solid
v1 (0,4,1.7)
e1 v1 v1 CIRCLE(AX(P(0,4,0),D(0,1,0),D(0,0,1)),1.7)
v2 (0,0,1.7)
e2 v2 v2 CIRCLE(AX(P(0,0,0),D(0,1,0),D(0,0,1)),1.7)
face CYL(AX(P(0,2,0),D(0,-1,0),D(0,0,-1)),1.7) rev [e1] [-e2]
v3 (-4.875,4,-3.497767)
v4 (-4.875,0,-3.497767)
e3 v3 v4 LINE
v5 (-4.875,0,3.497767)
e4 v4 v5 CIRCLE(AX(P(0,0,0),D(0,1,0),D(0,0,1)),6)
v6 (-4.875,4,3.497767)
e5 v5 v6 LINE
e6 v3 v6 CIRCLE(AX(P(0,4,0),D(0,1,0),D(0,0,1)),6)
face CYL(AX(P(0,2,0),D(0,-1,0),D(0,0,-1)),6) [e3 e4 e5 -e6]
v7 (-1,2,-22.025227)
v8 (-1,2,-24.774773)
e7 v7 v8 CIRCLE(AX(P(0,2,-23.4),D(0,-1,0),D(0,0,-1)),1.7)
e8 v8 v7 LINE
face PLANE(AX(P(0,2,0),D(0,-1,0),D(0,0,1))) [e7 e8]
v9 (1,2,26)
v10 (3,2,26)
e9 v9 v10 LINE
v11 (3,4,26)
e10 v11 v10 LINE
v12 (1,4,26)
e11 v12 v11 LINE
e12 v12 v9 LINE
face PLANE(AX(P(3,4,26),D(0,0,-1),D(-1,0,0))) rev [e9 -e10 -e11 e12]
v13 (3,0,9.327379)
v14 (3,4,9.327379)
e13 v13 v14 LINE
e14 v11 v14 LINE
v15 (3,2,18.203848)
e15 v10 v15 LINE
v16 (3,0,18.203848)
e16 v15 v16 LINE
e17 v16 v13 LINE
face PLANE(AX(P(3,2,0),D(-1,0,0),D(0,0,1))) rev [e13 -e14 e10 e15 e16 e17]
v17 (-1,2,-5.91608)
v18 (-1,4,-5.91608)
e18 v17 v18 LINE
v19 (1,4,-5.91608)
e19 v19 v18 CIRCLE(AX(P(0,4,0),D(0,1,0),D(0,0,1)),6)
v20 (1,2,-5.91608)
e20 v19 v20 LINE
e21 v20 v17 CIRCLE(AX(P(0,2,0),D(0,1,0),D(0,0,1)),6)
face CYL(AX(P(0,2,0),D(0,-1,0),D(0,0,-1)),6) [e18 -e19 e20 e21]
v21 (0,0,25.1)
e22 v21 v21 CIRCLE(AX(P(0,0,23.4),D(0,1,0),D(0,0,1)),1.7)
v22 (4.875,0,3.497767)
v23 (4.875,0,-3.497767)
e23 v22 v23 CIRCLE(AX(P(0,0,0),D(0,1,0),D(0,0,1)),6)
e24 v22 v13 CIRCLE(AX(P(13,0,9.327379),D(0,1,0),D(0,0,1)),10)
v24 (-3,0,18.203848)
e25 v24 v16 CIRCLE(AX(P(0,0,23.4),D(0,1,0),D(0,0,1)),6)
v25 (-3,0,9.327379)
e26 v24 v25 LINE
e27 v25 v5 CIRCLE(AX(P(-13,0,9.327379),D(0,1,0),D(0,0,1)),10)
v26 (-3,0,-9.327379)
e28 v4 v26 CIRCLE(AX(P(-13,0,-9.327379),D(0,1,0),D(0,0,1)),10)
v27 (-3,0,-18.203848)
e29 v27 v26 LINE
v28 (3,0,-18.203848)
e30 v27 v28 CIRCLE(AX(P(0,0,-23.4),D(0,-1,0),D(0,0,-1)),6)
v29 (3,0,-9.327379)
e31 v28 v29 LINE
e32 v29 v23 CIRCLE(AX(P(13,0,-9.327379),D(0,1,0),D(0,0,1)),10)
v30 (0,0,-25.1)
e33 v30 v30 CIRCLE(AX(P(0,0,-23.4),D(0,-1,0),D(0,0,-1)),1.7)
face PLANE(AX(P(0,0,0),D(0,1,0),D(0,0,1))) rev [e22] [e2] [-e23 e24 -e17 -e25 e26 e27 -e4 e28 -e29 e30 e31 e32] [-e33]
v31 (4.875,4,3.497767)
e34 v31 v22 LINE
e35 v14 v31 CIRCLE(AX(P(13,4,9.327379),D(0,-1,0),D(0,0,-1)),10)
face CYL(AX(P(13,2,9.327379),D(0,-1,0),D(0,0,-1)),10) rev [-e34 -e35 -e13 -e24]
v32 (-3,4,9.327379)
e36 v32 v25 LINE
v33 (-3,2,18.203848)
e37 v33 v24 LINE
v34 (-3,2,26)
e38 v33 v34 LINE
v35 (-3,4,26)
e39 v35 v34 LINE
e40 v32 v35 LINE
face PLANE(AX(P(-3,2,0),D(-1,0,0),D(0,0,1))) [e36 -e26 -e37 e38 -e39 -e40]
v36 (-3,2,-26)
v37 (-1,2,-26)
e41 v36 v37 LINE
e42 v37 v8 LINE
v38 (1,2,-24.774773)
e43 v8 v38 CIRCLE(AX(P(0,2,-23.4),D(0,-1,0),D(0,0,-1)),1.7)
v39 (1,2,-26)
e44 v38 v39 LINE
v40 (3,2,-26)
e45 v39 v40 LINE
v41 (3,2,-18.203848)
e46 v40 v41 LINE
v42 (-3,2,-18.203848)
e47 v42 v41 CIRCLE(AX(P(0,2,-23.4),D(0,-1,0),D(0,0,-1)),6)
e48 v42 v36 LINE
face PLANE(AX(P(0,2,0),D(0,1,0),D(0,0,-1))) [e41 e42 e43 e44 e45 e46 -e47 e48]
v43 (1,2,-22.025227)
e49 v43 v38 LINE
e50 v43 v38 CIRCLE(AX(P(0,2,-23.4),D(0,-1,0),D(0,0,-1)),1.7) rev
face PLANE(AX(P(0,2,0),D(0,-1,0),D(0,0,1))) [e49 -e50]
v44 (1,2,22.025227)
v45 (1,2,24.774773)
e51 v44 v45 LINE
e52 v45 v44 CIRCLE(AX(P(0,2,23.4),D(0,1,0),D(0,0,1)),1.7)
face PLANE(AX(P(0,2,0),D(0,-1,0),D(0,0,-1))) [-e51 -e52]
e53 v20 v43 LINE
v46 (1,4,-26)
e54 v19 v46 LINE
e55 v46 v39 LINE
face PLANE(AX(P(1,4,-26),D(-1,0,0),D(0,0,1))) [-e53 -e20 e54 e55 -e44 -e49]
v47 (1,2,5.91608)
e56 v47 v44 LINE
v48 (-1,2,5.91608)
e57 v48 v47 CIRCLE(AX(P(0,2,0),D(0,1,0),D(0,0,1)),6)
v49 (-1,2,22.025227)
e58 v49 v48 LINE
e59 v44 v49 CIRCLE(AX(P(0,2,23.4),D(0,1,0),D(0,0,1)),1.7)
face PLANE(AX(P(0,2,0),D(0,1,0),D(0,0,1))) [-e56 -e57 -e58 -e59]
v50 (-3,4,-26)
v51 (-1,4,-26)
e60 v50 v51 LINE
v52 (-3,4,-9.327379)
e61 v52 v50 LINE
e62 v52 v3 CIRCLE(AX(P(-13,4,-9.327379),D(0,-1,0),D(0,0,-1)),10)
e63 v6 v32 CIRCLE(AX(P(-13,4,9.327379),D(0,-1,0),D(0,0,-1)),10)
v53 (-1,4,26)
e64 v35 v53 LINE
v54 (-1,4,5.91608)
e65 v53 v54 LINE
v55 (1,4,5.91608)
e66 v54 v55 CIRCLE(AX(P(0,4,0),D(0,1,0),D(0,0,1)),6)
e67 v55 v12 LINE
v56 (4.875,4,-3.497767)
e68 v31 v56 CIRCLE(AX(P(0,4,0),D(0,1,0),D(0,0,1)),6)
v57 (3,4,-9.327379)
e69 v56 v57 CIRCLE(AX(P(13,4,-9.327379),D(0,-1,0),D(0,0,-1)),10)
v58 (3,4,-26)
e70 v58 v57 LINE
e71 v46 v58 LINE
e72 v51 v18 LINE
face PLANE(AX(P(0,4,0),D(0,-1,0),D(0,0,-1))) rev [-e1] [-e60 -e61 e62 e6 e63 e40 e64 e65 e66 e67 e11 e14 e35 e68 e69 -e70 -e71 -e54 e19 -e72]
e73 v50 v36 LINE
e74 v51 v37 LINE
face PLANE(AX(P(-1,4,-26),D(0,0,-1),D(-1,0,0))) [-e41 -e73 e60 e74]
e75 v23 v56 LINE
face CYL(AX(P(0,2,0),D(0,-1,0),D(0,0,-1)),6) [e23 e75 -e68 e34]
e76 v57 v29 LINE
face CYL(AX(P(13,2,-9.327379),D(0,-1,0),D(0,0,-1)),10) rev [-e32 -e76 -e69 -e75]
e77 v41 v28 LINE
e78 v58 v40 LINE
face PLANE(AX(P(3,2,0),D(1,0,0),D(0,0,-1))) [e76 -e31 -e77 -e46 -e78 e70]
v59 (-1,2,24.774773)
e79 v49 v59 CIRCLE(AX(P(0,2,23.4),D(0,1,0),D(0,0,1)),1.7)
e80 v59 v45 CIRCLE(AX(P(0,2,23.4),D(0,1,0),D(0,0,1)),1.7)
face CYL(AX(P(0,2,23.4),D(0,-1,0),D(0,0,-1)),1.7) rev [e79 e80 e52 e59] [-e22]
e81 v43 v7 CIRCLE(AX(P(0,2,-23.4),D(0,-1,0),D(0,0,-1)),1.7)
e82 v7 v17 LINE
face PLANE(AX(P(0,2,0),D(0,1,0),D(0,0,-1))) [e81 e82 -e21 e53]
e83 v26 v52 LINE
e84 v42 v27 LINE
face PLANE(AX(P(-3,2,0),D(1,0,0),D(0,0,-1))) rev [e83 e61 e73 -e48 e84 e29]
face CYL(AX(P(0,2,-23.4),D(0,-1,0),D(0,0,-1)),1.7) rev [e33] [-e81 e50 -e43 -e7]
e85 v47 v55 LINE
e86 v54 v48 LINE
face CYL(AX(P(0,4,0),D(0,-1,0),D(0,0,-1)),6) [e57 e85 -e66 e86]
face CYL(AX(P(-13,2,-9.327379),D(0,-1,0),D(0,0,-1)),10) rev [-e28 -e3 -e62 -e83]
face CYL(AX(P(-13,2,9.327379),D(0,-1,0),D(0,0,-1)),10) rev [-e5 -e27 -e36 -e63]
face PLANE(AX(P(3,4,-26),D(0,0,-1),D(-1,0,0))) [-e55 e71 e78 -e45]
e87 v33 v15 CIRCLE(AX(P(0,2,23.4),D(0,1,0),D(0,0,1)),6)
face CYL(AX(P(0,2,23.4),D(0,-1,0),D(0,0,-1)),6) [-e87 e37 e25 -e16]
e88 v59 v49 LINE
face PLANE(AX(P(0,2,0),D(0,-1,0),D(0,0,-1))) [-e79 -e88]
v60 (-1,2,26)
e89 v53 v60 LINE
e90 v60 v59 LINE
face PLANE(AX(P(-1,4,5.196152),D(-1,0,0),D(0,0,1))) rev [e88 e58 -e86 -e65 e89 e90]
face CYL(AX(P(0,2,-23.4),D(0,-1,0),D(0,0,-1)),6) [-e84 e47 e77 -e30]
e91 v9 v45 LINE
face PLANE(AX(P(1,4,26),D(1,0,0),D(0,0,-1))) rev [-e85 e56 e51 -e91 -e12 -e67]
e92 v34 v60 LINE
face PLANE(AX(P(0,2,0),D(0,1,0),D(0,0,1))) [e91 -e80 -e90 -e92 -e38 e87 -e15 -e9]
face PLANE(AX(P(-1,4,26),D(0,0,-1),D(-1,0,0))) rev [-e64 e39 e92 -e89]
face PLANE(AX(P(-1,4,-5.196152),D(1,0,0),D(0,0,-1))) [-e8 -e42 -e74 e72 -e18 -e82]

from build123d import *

# Parameters (mm, degrees)
SKETCH1_R           = 1.6999999999999986
SKETCH1_R_2         = 1.7
BOSS_EXTRUDE1_DEPTH = 2
BOSS_EXTRUDE2_DEPTH = 2
SKETCH3_R           = 6.000000000000001
SKETCH3_R_2         = 1.7
BOSS_EXTRUDE3_DEPTH = 2
FILLET1_R           = 10
FILLET2_R           = 10


with BuildPart() as part:
    # Sketch1 → Boss-Extrude1 (new body)
    with BuildSketch(Plane(origin=(0, 0, 0), x_dir=(1, 0, 0), z_dir=(0, 1, 0))):
        with BuildLine():
            Line((-2.999999999999997, -5.196152422706636), (-2.9999999999999973, -18.20384757729328))
            ThreePointArc((-2.9999999999999045, -18.203847577293313), (-2.417e-14, -29.400000000000006), (2.9999999999999534, -18.20384757729334))
            Line((3.0000000000000027, -18.20384757729332), (3.000000000000003, -5.196152422706632))
            ThreePointArc((3.0000000000000027, -5.196152422706631), (-3.11e-15, 6), (-2.9999999999999973, -5.196152422706634))
        make_face()
        with Locations(Location((-5e-16, -23.400000000000002, 0), (0, 0, 270))):
            Circle(SKETCH1_R, mode=Mode.SUBTRACT)
        with Locations(Location((0, 0, 0), (0, 0, 270))):
            Circle(SKETCH1_R_2, mode=Mode.SUBTRACT)
    boss_extrude1 = extrude(amount=BOSS_EXTRUDE1_DEPTH)

    # Sketch2 → Boss-Extrude2 (add)
    with BuildSketch(Plane(origin=(0, 2, 0), x_dir=(1, 0, 0), z_dir=(0, 1, 0))):
        Polygon((-2.999999999999997, -26.000000000000004), (-2.9999999999999964, -5.196152422706635), (-0.9999999999999996, -5.196152422706635), (-0.999999999999997, -26.000000000000004), align=None)
        Polygon((3.000000000000003, -26.000000000000004), (1.000000000000003, -26.000000000000004), (1.000000000000003, -5.196152422706631), (3.0000000000000027, -5.196152422706631), align=None)
    boss_extrude2 = extrude(amount=BOSS_EXTRUDE2_DEPTH)

    # Sketch3 → Boss-Extrude3 (add)
    with BuildSketch(Plane(origin=(0, 2, 0), x_dir=(1, 0, 0), z_dir=(0, 1, 0))):
        Circle(SKETCH3_R)
        with Locations(Location((0, 0, 0), (0, 0, 270))):
            Circle(SKETCH3_R_2, mode=Mode.SUBTRACT)
    extrude(amount=BOSS_EXTRUDE3_DEPTH)

    # Fillet1
    fillet1_edges = [part.edges().sort_by_distance(p)[0] for p in [
        (-2.999999999999997, 2, 5.196152422706636),
        (3.0000000000000027, 2, 5.196152422706631),
    ]]
    fillet(fillet1_edges, radius=FILLET1_R)

    # Mirror1: Boss-Extrude1, Boss-Extrude2 across plane
    add(boss_extrude1.mirror(Plane.XY))
    add(boss_extrude2.mirror(Plane.XY))

    # Fillet2
    fillet2_edges = [part.edges().sort_by_distance(p)[0] for p in [
        (3.0000000000000027, 2, -5.196152422706631),
        (-2.999999999999997, 2, -5.196152422706636),
    ]]
    fillet(fillet2_edges, radius=FILLET2_R)


solid = part.part
